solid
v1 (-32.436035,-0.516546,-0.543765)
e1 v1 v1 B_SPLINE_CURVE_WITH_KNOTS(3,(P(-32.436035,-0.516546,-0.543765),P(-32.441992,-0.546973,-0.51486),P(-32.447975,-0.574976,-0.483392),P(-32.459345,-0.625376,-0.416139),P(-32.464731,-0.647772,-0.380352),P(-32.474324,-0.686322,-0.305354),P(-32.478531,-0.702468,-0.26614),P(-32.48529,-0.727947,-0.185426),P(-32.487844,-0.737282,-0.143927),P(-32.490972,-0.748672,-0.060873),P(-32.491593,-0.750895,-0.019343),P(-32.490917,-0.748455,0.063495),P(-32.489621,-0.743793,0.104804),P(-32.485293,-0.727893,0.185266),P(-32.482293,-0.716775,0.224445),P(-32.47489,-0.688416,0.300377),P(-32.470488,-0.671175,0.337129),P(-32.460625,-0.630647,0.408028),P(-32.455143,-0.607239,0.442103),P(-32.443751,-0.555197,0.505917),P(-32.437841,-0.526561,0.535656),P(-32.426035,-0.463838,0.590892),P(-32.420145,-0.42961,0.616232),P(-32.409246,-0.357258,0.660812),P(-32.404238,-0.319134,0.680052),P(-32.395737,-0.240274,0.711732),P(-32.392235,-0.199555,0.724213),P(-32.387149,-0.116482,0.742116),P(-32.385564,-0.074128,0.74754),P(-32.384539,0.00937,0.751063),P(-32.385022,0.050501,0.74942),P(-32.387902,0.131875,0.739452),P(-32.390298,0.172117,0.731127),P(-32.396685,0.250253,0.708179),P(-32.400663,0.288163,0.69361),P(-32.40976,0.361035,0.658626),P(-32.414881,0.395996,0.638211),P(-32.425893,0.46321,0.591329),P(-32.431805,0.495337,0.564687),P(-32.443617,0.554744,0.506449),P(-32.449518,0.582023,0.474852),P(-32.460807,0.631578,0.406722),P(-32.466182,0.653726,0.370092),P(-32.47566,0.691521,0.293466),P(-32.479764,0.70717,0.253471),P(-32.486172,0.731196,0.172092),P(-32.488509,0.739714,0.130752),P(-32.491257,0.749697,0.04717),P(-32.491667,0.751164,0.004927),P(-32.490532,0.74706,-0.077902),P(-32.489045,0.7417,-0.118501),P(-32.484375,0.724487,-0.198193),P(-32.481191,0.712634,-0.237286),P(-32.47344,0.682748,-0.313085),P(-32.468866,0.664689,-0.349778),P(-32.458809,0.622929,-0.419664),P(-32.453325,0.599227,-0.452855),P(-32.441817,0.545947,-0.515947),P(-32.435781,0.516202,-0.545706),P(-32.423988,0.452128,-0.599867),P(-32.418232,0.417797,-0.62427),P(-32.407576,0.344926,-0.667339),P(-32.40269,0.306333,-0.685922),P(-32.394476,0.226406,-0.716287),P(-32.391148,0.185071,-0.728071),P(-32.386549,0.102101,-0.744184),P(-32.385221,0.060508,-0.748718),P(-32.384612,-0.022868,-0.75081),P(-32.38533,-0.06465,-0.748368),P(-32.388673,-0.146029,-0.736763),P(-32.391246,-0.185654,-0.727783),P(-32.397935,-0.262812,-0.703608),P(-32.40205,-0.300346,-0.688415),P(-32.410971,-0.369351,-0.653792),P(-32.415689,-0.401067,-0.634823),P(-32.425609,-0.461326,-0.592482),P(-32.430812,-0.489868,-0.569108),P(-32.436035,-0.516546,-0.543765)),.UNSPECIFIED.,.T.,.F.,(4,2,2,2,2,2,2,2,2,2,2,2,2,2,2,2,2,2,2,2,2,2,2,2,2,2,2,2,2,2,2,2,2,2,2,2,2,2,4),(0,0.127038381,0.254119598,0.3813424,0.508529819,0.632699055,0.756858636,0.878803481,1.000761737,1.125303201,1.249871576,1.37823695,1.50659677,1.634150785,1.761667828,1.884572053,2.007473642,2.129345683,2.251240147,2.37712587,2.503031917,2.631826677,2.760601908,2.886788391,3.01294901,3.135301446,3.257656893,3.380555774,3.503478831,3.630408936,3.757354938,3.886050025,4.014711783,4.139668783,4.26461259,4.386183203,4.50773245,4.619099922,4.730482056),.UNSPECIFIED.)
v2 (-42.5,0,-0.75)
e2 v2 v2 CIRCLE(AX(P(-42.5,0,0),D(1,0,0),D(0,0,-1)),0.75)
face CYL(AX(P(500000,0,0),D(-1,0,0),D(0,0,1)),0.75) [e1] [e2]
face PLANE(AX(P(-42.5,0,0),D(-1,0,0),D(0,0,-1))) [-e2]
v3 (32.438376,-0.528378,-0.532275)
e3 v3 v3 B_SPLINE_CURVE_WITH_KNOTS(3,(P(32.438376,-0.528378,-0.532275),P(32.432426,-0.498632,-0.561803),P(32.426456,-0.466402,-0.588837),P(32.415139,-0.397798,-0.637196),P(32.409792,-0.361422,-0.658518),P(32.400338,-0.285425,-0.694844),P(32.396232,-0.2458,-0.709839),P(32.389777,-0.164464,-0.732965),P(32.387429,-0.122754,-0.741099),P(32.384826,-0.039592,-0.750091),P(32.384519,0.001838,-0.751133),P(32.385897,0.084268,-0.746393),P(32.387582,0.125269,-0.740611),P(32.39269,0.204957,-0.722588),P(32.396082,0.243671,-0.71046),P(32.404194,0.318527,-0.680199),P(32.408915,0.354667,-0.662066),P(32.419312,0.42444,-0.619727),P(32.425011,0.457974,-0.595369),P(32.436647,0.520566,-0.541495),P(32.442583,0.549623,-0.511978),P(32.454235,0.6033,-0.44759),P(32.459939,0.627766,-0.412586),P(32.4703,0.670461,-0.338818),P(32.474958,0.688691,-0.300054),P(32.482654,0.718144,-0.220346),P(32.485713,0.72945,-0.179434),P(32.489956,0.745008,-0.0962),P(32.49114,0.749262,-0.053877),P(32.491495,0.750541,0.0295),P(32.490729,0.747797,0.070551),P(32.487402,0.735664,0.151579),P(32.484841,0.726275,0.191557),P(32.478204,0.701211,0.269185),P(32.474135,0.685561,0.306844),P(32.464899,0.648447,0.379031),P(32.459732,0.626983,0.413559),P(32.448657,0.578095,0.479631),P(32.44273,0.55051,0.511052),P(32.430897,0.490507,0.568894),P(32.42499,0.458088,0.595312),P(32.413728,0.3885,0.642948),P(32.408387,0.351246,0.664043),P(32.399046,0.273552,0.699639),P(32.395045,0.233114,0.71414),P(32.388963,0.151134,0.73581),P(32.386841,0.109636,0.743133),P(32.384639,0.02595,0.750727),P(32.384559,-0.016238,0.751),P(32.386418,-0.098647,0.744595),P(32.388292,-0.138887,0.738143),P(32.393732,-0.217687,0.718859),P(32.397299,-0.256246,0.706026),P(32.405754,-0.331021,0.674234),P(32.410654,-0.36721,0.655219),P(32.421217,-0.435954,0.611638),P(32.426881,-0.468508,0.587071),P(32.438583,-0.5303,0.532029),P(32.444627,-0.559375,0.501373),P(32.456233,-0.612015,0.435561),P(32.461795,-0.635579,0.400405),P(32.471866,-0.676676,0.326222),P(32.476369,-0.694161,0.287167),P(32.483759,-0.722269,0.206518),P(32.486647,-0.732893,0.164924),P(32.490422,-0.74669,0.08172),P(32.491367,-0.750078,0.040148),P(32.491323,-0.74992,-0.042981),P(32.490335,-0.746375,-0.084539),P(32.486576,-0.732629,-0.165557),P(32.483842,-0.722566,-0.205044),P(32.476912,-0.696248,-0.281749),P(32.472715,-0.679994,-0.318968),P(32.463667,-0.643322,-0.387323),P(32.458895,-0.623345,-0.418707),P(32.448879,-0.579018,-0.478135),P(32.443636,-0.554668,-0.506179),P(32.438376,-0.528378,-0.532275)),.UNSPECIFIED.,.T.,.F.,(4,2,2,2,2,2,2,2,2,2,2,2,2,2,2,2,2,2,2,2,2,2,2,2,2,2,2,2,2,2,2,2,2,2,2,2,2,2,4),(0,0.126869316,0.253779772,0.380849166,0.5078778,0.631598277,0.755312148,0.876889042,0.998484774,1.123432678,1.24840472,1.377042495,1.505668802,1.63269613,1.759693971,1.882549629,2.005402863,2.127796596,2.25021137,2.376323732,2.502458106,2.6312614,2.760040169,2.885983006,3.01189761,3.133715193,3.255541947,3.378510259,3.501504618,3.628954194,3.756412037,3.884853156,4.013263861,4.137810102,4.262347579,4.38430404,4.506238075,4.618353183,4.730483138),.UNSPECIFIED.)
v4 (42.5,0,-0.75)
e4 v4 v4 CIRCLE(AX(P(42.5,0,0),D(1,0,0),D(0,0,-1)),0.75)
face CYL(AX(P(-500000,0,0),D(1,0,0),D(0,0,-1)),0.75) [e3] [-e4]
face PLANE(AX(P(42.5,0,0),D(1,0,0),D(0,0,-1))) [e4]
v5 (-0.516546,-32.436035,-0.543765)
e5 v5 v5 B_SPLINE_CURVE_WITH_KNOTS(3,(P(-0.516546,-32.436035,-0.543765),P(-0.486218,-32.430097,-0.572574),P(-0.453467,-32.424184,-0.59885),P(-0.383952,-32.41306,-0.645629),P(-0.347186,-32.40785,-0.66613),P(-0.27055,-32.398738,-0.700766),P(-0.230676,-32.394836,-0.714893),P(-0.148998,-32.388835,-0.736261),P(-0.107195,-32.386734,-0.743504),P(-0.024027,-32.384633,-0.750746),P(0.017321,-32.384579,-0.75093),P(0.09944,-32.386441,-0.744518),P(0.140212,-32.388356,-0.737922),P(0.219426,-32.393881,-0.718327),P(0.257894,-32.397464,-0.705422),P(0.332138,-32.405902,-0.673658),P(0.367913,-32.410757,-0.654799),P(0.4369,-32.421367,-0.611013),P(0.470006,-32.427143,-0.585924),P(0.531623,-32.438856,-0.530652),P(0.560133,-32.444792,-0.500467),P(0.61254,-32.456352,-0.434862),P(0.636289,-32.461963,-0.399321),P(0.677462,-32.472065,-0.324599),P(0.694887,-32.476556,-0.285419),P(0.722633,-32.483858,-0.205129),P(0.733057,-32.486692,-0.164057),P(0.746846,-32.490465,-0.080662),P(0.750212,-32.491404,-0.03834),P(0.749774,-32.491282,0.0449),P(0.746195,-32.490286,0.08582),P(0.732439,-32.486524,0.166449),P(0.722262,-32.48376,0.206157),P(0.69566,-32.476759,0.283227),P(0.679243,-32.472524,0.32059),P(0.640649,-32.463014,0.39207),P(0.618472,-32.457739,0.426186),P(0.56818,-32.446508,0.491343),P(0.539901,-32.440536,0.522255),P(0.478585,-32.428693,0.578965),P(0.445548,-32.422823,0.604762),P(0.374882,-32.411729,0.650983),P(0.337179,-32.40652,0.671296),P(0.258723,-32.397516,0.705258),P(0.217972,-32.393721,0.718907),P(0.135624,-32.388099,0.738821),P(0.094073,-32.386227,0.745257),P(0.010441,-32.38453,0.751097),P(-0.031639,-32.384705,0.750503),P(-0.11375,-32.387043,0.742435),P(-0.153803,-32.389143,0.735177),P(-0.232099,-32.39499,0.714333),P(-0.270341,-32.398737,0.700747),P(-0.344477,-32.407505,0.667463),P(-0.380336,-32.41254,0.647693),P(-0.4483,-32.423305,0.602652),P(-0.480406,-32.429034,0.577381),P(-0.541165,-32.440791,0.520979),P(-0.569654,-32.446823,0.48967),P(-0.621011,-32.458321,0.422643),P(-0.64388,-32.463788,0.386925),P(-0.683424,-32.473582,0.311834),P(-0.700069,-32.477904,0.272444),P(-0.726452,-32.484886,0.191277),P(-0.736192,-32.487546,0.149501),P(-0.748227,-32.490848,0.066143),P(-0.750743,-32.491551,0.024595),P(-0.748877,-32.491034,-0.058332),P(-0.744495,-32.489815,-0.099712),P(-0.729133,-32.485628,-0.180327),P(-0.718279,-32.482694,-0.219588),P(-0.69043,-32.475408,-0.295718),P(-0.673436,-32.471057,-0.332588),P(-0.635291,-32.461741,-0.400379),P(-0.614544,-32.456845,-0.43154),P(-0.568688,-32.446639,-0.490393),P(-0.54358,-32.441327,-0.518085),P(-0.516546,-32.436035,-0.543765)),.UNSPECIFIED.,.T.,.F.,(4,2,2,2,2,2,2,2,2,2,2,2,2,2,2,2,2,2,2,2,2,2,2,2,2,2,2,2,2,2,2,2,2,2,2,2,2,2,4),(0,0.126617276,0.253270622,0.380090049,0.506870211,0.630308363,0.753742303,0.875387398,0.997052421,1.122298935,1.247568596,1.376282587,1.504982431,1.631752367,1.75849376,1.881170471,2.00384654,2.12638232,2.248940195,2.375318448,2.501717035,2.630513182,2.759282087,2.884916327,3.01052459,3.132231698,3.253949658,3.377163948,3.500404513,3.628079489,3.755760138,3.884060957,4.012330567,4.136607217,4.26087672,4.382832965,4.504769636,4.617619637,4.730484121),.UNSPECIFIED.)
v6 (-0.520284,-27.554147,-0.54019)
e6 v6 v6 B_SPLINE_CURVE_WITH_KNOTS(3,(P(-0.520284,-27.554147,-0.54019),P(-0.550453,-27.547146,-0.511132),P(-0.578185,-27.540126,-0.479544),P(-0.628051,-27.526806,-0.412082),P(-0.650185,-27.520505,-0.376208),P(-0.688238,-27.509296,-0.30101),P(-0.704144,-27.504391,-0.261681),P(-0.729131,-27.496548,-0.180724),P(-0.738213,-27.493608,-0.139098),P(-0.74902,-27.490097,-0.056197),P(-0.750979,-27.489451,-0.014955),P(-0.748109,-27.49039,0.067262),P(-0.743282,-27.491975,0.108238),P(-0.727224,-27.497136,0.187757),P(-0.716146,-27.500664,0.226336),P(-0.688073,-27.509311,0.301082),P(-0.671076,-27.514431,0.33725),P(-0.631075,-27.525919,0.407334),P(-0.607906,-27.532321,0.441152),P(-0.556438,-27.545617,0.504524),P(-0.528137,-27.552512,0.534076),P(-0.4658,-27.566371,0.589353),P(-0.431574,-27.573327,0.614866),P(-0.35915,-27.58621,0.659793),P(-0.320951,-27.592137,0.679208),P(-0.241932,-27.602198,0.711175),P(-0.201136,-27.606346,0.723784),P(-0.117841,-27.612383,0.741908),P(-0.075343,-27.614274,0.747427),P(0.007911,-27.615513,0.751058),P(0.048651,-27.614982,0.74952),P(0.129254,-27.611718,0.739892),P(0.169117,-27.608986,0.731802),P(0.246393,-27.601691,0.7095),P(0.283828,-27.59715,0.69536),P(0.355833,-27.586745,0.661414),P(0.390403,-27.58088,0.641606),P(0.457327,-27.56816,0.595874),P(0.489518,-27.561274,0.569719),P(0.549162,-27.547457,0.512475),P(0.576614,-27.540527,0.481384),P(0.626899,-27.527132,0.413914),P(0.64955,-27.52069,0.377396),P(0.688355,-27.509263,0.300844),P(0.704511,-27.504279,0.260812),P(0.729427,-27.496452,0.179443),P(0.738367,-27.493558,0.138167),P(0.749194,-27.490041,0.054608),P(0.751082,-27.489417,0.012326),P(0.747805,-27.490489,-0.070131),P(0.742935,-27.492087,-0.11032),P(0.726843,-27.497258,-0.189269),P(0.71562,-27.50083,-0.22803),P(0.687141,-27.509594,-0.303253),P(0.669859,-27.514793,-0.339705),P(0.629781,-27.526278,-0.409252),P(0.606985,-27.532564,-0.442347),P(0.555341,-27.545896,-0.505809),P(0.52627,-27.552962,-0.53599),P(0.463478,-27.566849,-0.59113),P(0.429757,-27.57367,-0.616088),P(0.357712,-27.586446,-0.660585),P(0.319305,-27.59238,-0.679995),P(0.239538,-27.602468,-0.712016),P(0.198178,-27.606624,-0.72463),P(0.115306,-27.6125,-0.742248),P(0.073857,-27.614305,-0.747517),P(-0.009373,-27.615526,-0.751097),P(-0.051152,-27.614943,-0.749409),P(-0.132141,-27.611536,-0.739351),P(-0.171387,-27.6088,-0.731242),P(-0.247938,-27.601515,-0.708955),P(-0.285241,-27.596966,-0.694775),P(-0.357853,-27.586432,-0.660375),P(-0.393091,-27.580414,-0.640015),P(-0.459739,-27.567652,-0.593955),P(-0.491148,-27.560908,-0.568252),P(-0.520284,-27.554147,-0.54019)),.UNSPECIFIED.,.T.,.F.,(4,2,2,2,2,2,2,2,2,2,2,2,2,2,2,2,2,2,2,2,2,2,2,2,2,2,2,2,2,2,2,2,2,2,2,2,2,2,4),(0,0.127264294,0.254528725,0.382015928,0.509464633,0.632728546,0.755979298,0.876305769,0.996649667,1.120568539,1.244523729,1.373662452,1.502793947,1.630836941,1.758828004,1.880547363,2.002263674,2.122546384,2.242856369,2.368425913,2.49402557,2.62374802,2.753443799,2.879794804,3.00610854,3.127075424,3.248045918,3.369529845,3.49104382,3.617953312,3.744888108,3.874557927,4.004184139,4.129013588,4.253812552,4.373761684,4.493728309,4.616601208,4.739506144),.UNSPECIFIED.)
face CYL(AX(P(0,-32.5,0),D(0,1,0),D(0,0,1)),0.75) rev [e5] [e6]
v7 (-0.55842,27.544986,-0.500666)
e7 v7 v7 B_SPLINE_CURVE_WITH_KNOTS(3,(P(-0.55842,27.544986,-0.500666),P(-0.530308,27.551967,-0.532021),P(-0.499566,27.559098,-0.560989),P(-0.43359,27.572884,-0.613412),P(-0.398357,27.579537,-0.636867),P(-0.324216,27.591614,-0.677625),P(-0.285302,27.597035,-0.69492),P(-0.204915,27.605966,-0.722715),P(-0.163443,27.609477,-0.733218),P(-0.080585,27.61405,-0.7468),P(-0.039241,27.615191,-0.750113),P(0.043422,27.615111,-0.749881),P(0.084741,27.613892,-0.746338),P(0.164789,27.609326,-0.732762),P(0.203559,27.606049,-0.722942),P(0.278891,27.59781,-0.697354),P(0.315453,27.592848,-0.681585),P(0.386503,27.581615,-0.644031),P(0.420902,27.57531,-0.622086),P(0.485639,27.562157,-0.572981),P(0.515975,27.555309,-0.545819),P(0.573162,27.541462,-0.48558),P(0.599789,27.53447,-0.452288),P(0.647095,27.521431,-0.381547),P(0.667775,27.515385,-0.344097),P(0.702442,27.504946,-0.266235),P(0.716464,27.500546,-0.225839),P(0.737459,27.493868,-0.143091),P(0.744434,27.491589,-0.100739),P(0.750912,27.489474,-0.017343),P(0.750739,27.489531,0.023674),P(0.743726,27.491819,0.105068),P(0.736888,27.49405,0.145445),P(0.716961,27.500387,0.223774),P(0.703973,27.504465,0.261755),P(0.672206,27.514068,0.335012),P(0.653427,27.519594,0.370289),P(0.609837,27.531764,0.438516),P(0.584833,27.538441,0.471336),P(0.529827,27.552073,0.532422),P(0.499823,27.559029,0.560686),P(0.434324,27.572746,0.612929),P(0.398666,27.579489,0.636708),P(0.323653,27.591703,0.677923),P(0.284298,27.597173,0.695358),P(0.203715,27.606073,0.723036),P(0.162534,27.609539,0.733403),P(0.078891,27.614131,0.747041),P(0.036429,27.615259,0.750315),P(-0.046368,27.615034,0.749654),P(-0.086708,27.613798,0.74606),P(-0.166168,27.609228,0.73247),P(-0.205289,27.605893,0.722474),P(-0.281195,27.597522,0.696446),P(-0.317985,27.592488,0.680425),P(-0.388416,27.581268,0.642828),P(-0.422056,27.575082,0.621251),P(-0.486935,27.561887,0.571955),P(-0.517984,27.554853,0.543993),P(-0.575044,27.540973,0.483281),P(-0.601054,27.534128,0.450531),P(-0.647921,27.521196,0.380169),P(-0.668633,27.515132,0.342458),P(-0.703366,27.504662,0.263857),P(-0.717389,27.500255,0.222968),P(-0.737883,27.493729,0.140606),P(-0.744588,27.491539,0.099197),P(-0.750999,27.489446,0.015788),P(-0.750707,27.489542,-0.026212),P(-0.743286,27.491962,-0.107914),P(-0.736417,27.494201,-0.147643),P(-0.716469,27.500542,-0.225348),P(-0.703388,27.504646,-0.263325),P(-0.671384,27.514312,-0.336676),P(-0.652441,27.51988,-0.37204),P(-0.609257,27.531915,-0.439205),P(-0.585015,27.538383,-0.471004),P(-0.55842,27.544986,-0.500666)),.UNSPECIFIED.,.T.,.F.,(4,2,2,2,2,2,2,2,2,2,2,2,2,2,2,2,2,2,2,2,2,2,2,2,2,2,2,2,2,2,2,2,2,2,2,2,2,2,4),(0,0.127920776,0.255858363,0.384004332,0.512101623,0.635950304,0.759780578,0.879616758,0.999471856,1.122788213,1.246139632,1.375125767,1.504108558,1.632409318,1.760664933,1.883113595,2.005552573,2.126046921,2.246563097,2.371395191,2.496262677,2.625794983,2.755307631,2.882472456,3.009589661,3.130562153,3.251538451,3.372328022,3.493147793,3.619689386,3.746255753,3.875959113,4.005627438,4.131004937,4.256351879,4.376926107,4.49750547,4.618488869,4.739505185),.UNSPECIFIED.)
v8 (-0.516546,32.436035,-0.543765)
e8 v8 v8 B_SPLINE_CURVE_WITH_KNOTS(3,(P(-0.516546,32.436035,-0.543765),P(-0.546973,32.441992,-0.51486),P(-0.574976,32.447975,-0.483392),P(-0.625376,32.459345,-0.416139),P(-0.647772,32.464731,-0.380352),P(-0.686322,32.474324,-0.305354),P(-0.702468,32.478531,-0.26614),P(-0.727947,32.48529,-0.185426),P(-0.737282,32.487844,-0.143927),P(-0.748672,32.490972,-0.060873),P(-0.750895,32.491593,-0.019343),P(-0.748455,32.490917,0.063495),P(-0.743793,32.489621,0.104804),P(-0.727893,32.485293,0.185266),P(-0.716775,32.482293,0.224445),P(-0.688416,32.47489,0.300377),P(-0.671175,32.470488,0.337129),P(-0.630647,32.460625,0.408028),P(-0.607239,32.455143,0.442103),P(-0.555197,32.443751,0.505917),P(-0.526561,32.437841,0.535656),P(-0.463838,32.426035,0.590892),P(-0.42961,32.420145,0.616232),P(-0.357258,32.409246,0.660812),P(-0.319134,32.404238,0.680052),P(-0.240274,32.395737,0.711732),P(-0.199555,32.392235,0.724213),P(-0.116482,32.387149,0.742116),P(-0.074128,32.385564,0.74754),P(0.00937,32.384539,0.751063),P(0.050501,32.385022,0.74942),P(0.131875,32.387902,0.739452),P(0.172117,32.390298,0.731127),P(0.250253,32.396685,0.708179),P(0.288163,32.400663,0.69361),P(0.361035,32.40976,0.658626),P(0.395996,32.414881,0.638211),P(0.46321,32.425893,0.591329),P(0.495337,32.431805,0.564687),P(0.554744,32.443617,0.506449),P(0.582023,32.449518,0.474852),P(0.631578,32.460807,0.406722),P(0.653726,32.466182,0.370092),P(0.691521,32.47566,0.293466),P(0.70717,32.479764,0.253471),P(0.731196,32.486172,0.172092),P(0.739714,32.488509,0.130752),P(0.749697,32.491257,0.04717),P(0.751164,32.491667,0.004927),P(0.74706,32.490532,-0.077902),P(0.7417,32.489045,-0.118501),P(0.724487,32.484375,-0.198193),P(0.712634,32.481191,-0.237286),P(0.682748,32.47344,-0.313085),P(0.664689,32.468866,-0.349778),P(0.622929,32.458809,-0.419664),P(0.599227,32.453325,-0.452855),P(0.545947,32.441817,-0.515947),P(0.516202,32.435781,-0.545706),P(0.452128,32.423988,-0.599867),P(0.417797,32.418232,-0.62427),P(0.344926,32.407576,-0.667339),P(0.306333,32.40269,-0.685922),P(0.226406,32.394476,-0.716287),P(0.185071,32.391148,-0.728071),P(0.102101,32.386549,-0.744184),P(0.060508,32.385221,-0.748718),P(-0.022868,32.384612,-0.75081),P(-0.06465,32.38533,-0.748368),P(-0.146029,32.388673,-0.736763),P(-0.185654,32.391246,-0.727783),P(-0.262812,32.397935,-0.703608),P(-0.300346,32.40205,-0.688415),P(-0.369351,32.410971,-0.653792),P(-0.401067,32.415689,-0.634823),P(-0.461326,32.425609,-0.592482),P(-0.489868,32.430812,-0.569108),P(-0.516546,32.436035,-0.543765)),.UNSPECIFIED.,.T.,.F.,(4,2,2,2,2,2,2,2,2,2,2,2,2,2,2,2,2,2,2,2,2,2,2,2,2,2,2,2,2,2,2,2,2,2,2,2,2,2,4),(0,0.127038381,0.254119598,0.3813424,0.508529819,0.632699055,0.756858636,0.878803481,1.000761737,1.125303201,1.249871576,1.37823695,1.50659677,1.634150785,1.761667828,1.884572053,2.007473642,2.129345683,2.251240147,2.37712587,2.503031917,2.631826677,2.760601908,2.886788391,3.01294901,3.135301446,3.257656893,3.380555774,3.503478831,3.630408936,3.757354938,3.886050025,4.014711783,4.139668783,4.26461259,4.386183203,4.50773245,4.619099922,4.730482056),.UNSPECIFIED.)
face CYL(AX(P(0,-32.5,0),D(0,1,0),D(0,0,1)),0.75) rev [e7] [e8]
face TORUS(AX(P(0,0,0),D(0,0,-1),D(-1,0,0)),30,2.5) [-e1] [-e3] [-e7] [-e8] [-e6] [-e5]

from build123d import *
from build123d.topology import SkipClean

# Parameters (mm, degrees)
SKETCH1_R                      = 2.5
BOSS_EXTRUDE1_REACH            = 83.777
BOSS_EXTRUDE1_END_MAJOR_RADIUS = 30
BOSS_EXTRUDE1_END_MINOR_RADIUS = 2.5
SKETCH3_R                      = 0.75
SKETCH4_R                      = 0.75
CUT_EXTRUDE1_DEPTH             = 54.560713359
CUT_EXTRUDE1_DEPTH_BACK        = 54.560713359


with BuildPart() as part:
    # Sketch1 → Revolve1 (revolve)
    with BuildSketch(Plane(origin=(0, 0, 0), x_dir=(1, 0, 0), z_dir=(0, 1, 0))):
        with Locations((-30, 0)):
            Circle(SKETCH1_R)
    revolve(axis=Axis((0, 0, -16.246129114), (0, 0, 1)))

    # Boss-Extrude1: up to this torus (the profile starts outside it)
    boss_extrude1_end = Plane(origin=(0, 0, 0), z_dir=(0, 0, -1)) * Torus(BOSS_EXTRUDE1_END_MAJOR_RADIUS, BOSS_EXTRUDE1_END_MINOR_RADIUS, mode=Mode.PRIVATE)
    # Sketch3 → Boss-Extrude1 (add, up to the surface)
    with BuildSketch(Plane(origin=(42.5, 0, 0), x_dir=(0, 0, -1), z_dir=(1, 0, 0)), mode=Mode.PRIVATE) as boss_extrude1_sk1:
        Circle(SKETCH3_R)
    boss_extrude1_tool1 = extrude(boss_extrude1_sk1.sketch, amount=-BOSS_EXTRUDE1_REACH, mode=Mode.PRIVATE) - boss_extrude1_end
    boss_extrude1 = boss_extrude1_tool1.solids().sort_by_distance((42.5, 0, 0))[0]
    add(boss_extrude1)

    # Mirror1: Boss-Extrude1 across plane
    add(boss_extrude1.mirror(Plane(origin=(0, 0, 0), x_dir=(0, 0, 1), z_dir=(1, 0, 0))))

    # Sketch4 → Cut-Extrude1 (cut, two sides)
    with SkipClean():  # the faces are left unmerged after this step: merging them gives an invalid solid
        with BuildSketch(Plane(origin=(0, 0, 0), x_dir=(1, 0, 0), z_dir=(0, 1, 0))) as cut_extrude1_sk:
            with Locations(Location((0, 0, 0), (0, 0, 138.121355577))):
                Circle(SKETCH4_R)
        extrude(amount=CUT_EXTRUDE1_DEPTH, mode=Mode.SUBTRACT)
        extrude(cut_extrude1_sk.sketch, amount=-CUT_EXTRUDE1_DEPTH_BACK, mode=Mode.SUBTRACT)


solid = part.part
